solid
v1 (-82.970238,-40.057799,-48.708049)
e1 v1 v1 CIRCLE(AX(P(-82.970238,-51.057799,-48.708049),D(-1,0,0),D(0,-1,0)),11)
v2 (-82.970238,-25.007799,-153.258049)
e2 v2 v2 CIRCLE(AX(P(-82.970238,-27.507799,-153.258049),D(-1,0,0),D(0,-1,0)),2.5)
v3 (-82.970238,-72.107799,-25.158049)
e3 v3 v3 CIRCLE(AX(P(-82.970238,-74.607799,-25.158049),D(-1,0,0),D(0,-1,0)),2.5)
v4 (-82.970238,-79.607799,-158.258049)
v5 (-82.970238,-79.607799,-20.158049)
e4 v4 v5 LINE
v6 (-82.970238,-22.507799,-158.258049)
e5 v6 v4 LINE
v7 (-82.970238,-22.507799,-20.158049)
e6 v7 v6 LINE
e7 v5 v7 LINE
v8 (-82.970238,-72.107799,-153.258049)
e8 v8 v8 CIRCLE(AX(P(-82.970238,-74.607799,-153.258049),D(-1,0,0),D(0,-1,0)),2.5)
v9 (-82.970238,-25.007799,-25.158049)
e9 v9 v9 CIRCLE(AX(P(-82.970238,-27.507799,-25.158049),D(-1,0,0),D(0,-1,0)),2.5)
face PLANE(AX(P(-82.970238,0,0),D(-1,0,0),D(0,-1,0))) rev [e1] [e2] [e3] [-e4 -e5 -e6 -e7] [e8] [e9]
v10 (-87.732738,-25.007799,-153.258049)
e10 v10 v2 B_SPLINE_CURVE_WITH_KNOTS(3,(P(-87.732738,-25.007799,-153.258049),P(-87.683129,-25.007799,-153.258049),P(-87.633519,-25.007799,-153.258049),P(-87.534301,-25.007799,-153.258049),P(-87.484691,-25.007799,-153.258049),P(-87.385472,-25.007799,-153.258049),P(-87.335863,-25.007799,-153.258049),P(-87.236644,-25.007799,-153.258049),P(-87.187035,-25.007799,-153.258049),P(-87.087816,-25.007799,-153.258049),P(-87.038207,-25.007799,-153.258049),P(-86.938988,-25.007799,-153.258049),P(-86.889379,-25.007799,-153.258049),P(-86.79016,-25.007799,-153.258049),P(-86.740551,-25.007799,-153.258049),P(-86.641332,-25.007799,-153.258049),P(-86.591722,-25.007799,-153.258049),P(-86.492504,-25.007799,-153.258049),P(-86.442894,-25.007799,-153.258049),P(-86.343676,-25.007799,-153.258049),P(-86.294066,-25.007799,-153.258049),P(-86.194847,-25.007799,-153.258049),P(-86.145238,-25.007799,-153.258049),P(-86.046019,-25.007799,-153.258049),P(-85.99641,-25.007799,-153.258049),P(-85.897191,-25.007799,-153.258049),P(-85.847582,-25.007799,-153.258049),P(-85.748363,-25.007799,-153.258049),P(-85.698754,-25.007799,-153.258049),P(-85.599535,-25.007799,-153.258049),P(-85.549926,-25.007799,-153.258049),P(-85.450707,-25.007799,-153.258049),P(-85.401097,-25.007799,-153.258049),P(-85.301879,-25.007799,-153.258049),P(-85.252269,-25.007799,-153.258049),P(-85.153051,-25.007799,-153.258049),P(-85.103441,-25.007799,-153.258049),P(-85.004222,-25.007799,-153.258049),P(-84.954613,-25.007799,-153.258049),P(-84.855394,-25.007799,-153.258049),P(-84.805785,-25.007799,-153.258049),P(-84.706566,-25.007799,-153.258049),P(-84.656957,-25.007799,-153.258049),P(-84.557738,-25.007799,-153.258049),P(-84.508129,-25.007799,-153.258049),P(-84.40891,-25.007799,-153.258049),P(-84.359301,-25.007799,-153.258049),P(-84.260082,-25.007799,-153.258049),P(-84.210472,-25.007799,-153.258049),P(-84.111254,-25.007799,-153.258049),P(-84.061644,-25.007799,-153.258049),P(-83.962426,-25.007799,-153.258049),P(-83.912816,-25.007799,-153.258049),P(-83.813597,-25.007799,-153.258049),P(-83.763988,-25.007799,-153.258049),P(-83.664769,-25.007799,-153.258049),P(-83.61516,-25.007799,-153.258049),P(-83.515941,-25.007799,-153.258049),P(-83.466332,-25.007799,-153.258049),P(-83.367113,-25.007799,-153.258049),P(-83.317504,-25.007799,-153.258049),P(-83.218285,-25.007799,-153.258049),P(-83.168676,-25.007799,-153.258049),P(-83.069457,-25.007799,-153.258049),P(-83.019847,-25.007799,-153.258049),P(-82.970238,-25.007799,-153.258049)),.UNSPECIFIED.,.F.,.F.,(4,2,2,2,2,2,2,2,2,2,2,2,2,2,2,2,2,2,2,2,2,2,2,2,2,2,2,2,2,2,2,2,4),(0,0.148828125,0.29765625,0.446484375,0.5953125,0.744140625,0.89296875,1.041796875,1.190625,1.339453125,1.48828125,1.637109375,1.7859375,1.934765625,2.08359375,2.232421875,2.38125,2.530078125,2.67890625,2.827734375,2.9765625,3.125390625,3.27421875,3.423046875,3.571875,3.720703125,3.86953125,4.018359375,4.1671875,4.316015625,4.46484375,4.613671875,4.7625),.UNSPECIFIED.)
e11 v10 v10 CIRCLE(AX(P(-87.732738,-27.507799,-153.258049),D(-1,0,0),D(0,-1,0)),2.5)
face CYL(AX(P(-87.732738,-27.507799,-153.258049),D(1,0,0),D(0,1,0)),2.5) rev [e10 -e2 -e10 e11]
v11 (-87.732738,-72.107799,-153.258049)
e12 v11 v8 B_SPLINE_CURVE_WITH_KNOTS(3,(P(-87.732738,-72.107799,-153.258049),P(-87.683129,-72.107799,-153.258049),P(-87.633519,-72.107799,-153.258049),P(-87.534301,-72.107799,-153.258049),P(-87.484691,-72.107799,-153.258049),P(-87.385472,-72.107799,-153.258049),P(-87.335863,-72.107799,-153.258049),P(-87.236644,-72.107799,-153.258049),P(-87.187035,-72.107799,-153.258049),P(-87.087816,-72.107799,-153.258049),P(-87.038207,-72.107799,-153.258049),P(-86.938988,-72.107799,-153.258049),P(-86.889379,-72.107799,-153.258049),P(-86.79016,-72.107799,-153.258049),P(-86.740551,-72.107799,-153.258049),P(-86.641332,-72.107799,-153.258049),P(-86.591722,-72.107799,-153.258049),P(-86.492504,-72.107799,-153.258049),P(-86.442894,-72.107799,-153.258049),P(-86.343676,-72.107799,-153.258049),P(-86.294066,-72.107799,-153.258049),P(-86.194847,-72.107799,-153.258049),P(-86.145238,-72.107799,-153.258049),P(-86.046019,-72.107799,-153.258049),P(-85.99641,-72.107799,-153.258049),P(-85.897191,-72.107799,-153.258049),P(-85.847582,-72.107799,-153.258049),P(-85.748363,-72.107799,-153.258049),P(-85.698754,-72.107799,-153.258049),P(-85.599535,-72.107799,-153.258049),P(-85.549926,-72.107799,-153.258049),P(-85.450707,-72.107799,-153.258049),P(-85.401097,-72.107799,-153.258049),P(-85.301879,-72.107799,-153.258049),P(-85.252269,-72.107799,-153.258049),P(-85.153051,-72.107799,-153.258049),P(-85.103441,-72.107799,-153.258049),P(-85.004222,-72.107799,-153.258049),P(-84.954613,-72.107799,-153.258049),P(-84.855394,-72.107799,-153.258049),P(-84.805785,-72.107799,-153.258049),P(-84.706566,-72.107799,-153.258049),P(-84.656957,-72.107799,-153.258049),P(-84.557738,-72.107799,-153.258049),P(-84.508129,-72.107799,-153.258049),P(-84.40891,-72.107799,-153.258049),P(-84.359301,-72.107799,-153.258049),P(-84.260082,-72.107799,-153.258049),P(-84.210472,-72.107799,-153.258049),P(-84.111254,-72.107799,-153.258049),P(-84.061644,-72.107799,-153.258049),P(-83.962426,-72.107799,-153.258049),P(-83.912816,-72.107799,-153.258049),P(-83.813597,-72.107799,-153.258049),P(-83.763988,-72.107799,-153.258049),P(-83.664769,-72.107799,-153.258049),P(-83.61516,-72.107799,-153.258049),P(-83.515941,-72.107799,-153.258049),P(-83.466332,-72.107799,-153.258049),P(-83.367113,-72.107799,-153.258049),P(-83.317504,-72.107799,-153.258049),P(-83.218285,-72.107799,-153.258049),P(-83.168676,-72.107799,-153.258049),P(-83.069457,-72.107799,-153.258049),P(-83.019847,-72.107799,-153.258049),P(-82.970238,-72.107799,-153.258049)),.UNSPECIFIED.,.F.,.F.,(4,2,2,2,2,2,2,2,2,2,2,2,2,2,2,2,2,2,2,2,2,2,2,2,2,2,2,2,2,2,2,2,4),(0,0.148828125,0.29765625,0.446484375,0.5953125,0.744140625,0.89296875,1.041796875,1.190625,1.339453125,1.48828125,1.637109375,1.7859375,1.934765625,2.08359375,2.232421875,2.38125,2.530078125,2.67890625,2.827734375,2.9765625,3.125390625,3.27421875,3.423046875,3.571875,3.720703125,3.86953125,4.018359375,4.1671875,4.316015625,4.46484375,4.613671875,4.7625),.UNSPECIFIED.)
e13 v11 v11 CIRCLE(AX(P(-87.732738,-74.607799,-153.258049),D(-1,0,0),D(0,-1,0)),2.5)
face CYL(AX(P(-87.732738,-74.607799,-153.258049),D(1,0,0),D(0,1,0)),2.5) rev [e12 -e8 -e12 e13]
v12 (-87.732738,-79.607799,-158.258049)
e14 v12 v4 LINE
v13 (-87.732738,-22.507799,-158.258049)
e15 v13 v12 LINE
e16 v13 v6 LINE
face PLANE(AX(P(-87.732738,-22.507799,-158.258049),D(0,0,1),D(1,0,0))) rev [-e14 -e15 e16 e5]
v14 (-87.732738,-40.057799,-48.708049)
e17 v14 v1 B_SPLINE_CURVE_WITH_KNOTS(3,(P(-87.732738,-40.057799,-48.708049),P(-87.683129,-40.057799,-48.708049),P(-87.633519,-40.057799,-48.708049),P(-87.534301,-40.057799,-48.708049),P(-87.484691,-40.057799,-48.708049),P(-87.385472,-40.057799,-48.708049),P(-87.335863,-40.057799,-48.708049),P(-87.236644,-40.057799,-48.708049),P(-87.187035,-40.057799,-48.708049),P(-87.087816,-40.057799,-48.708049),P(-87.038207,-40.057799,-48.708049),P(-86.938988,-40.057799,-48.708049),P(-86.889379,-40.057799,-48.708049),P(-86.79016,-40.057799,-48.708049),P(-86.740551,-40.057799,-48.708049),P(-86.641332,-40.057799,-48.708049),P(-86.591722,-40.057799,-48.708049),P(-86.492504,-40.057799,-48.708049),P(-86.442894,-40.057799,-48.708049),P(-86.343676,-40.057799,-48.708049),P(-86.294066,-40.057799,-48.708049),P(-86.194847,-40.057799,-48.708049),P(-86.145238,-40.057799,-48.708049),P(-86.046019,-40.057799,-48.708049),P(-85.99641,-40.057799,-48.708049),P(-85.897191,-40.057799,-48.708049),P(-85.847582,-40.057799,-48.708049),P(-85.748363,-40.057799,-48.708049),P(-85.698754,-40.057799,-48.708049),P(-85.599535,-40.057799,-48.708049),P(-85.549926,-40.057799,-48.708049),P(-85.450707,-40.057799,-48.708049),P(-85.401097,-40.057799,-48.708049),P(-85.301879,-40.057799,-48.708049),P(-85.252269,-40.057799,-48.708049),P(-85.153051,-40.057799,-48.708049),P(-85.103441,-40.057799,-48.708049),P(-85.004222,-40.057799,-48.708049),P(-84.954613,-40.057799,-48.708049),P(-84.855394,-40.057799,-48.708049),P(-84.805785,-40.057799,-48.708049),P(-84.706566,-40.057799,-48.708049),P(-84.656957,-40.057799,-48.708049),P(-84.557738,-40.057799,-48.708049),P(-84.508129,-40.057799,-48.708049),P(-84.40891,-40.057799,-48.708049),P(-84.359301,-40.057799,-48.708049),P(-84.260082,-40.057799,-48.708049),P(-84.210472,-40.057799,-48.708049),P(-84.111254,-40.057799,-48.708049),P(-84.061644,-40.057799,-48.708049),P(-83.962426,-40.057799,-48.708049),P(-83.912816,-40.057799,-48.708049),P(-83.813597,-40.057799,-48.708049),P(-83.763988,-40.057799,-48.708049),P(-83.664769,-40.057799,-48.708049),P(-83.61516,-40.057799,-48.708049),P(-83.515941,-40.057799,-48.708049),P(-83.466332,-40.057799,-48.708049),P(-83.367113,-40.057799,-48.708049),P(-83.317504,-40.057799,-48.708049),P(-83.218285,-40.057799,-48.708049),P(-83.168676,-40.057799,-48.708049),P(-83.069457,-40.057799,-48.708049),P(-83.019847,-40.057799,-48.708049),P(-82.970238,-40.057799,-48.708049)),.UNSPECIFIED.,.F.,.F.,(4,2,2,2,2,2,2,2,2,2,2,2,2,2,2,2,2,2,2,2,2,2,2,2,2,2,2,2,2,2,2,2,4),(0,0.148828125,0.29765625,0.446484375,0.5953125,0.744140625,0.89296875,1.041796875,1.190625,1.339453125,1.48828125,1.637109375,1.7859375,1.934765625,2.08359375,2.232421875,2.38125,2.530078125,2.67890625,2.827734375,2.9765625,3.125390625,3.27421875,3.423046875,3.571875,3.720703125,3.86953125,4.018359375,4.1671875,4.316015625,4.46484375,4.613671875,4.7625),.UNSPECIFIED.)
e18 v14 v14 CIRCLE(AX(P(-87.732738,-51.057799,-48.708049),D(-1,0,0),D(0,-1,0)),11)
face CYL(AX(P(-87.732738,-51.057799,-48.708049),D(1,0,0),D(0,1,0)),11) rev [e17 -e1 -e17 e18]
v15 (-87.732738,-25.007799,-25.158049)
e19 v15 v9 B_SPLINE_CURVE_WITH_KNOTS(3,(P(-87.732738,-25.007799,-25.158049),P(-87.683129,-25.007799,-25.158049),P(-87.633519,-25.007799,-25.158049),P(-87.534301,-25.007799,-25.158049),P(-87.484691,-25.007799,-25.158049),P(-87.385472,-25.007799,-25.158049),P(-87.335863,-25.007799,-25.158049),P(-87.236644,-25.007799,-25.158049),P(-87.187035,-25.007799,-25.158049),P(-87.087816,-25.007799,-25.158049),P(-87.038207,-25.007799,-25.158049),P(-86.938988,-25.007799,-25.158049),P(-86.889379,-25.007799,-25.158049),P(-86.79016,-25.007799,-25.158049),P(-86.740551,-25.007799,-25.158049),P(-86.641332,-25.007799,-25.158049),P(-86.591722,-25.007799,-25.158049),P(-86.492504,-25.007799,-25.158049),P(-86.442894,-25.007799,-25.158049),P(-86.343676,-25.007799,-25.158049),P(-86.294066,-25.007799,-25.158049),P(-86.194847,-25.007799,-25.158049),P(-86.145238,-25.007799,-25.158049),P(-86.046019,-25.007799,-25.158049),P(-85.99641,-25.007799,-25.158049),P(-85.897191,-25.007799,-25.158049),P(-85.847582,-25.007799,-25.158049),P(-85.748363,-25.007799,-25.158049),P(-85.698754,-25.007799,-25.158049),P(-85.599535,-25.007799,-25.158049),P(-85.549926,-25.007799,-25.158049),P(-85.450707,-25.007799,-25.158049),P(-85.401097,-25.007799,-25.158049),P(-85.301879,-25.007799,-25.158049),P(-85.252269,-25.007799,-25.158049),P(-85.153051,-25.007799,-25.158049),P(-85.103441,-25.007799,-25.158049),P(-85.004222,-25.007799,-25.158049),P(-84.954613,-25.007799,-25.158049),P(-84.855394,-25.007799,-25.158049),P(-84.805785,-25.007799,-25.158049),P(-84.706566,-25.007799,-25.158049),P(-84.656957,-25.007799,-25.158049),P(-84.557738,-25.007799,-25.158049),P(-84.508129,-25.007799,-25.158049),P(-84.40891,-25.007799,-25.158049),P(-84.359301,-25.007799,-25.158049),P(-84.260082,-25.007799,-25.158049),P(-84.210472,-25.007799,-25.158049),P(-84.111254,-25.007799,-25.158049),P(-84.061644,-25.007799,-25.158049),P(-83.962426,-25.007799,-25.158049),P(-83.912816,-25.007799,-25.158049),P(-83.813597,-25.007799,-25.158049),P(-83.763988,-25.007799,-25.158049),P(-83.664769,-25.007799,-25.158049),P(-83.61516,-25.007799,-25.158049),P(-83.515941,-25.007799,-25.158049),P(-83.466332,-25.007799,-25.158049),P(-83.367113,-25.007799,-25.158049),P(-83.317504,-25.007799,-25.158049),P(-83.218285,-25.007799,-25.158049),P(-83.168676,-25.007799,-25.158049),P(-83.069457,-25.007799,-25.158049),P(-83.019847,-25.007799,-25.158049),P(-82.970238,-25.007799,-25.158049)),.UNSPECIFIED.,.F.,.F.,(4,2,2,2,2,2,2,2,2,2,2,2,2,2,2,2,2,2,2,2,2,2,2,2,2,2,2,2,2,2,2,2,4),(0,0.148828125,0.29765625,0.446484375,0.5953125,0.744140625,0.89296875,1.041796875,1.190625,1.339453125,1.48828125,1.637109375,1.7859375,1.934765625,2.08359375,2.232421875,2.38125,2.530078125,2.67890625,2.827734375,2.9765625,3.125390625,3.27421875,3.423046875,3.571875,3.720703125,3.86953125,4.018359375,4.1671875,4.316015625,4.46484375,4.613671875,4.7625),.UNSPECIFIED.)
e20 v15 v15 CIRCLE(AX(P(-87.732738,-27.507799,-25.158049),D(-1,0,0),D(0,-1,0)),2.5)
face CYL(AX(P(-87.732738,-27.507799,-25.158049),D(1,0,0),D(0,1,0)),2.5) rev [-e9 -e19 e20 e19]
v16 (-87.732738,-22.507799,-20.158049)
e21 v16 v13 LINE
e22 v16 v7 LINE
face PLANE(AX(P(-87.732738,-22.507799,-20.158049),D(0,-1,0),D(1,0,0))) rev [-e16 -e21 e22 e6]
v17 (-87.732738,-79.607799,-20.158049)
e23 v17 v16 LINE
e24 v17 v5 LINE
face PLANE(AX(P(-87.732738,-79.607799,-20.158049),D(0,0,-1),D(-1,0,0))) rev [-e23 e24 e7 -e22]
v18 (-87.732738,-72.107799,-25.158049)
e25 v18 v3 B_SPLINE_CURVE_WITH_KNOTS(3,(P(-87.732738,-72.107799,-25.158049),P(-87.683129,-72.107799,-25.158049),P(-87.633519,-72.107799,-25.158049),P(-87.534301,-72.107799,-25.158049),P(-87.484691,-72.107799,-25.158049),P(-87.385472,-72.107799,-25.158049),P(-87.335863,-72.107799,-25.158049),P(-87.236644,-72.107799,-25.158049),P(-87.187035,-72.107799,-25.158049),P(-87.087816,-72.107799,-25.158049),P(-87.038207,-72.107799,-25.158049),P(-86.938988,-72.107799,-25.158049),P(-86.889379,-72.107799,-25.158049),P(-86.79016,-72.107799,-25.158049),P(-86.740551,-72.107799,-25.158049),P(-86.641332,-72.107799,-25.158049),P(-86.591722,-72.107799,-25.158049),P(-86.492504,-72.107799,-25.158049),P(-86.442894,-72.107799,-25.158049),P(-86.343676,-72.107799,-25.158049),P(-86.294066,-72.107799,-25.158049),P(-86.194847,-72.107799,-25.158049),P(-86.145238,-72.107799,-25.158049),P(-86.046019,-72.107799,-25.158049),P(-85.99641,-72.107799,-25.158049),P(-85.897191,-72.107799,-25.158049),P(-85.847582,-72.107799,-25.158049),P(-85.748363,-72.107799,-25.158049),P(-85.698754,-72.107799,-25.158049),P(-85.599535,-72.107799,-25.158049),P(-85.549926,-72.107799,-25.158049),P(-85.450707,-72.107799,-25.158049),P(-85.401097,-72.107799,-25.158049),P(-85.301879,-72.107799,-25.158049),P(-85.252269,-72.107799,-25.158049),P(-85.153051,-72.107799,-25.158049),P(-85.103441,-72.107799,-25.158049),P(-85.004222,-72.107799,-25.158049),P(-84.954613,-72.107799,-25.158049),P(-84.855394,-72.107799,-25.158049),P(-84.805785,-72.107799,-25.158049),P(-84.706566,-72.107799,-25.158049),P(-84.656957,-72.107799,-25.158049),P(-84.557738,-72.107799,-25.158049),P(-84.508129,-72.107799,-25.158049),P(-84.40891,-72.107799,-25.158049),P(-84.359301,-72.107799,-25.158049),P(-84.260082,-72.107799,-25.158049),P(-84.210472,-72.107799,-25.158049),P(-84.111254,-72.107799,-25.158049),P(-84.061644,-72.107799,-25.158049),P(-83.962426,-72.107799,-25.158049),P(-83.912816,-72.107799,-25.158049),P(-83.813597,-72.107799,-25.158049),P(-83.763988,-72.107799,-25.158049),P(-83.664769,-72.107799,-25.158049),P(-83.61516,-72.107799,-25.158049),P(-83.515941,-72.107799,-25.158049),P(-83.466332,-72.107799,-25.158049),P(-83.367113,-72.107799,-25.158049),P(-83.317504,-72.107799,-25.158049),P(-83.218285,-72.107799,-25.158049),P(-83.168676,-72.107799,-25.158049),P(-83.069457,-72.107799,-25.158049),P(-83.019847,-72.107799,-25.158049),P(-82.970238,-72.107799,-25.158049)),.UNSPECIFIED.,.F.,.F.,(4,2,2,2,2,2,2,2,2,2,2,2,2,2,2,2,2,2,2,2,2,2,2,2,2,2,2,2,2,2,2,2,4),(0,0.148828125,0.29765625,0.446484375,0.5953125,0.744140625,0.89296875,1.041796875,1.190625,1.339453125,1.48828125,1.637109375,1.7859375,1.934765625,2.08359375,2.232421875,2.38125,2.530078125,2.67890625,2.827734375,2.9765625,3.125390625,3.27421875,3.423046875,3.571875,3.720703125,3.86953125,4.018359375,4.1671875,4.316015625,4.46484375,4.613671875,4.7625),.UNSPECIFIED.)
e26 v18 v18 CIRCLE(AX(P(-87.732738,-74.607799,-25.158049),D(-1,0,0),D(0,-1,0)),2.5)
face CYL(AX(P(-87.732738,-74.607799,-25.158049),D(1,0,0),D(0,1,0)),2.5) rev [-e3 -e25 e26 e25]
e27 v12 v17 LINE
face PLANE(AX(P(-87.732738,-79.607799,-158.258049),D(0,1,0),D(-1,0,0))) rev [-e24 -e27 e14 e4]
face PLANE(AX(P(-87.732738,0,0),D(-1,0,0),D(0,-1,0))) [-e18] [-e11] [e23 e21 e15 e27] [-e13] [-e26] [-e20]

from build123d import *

# Parameters (mm, degrees)
SKETCH1_W           = 138.1
SKETCH1_H           = 57.1
SKETCH1_R           = 2.5
SKETCH1_R_2         = 11
BOSS_EXTRUDE1_DEPTH = 4.7625


with BuildPart() as part:
    # Sketch1 → Boss-Extrude1 (new body)
    with BuildSketch(Plane.ZY.offset(82.970238089)):
        with Locations((-89.208048627, -51.057798632)):
            Rectangle(SKETCH1_W, SKETCH1_H)
        with Locations(Location((-153.258048627, -27.507798632, 0), (0, 0, 90))):
            Circle(SKETCH1_R, mode=Mode.SUBTRACT)
        with Locations(Location((-153.258048627, -74.607798632, 0), (0, 0, 90))):
            Circle(SKETCH1_R, mode=Mode.SUBTRACT)
        with Locations(Location((-25.158048627, -27.507798632, 0), (0, 0, 90))):
            Circle(SKETCH1_R, mode=Mode.SUBTRACT)
        with Locations(Location((-25.158048627, -74.607798632, 0), (0, 0, 90))):
            Circle(SKETCH1_R, mode=Mode.SUBTRACT)
        with Locations(Location((-48.708048627, -51.057798632, 0), (0, 0, 90))):
            Circle(SKETCH1_R_2, mode=Mode.SUBTRACT)
    extrude(amount=BOSS_EXTRUDE1_DEPTH)


solid = part.part
